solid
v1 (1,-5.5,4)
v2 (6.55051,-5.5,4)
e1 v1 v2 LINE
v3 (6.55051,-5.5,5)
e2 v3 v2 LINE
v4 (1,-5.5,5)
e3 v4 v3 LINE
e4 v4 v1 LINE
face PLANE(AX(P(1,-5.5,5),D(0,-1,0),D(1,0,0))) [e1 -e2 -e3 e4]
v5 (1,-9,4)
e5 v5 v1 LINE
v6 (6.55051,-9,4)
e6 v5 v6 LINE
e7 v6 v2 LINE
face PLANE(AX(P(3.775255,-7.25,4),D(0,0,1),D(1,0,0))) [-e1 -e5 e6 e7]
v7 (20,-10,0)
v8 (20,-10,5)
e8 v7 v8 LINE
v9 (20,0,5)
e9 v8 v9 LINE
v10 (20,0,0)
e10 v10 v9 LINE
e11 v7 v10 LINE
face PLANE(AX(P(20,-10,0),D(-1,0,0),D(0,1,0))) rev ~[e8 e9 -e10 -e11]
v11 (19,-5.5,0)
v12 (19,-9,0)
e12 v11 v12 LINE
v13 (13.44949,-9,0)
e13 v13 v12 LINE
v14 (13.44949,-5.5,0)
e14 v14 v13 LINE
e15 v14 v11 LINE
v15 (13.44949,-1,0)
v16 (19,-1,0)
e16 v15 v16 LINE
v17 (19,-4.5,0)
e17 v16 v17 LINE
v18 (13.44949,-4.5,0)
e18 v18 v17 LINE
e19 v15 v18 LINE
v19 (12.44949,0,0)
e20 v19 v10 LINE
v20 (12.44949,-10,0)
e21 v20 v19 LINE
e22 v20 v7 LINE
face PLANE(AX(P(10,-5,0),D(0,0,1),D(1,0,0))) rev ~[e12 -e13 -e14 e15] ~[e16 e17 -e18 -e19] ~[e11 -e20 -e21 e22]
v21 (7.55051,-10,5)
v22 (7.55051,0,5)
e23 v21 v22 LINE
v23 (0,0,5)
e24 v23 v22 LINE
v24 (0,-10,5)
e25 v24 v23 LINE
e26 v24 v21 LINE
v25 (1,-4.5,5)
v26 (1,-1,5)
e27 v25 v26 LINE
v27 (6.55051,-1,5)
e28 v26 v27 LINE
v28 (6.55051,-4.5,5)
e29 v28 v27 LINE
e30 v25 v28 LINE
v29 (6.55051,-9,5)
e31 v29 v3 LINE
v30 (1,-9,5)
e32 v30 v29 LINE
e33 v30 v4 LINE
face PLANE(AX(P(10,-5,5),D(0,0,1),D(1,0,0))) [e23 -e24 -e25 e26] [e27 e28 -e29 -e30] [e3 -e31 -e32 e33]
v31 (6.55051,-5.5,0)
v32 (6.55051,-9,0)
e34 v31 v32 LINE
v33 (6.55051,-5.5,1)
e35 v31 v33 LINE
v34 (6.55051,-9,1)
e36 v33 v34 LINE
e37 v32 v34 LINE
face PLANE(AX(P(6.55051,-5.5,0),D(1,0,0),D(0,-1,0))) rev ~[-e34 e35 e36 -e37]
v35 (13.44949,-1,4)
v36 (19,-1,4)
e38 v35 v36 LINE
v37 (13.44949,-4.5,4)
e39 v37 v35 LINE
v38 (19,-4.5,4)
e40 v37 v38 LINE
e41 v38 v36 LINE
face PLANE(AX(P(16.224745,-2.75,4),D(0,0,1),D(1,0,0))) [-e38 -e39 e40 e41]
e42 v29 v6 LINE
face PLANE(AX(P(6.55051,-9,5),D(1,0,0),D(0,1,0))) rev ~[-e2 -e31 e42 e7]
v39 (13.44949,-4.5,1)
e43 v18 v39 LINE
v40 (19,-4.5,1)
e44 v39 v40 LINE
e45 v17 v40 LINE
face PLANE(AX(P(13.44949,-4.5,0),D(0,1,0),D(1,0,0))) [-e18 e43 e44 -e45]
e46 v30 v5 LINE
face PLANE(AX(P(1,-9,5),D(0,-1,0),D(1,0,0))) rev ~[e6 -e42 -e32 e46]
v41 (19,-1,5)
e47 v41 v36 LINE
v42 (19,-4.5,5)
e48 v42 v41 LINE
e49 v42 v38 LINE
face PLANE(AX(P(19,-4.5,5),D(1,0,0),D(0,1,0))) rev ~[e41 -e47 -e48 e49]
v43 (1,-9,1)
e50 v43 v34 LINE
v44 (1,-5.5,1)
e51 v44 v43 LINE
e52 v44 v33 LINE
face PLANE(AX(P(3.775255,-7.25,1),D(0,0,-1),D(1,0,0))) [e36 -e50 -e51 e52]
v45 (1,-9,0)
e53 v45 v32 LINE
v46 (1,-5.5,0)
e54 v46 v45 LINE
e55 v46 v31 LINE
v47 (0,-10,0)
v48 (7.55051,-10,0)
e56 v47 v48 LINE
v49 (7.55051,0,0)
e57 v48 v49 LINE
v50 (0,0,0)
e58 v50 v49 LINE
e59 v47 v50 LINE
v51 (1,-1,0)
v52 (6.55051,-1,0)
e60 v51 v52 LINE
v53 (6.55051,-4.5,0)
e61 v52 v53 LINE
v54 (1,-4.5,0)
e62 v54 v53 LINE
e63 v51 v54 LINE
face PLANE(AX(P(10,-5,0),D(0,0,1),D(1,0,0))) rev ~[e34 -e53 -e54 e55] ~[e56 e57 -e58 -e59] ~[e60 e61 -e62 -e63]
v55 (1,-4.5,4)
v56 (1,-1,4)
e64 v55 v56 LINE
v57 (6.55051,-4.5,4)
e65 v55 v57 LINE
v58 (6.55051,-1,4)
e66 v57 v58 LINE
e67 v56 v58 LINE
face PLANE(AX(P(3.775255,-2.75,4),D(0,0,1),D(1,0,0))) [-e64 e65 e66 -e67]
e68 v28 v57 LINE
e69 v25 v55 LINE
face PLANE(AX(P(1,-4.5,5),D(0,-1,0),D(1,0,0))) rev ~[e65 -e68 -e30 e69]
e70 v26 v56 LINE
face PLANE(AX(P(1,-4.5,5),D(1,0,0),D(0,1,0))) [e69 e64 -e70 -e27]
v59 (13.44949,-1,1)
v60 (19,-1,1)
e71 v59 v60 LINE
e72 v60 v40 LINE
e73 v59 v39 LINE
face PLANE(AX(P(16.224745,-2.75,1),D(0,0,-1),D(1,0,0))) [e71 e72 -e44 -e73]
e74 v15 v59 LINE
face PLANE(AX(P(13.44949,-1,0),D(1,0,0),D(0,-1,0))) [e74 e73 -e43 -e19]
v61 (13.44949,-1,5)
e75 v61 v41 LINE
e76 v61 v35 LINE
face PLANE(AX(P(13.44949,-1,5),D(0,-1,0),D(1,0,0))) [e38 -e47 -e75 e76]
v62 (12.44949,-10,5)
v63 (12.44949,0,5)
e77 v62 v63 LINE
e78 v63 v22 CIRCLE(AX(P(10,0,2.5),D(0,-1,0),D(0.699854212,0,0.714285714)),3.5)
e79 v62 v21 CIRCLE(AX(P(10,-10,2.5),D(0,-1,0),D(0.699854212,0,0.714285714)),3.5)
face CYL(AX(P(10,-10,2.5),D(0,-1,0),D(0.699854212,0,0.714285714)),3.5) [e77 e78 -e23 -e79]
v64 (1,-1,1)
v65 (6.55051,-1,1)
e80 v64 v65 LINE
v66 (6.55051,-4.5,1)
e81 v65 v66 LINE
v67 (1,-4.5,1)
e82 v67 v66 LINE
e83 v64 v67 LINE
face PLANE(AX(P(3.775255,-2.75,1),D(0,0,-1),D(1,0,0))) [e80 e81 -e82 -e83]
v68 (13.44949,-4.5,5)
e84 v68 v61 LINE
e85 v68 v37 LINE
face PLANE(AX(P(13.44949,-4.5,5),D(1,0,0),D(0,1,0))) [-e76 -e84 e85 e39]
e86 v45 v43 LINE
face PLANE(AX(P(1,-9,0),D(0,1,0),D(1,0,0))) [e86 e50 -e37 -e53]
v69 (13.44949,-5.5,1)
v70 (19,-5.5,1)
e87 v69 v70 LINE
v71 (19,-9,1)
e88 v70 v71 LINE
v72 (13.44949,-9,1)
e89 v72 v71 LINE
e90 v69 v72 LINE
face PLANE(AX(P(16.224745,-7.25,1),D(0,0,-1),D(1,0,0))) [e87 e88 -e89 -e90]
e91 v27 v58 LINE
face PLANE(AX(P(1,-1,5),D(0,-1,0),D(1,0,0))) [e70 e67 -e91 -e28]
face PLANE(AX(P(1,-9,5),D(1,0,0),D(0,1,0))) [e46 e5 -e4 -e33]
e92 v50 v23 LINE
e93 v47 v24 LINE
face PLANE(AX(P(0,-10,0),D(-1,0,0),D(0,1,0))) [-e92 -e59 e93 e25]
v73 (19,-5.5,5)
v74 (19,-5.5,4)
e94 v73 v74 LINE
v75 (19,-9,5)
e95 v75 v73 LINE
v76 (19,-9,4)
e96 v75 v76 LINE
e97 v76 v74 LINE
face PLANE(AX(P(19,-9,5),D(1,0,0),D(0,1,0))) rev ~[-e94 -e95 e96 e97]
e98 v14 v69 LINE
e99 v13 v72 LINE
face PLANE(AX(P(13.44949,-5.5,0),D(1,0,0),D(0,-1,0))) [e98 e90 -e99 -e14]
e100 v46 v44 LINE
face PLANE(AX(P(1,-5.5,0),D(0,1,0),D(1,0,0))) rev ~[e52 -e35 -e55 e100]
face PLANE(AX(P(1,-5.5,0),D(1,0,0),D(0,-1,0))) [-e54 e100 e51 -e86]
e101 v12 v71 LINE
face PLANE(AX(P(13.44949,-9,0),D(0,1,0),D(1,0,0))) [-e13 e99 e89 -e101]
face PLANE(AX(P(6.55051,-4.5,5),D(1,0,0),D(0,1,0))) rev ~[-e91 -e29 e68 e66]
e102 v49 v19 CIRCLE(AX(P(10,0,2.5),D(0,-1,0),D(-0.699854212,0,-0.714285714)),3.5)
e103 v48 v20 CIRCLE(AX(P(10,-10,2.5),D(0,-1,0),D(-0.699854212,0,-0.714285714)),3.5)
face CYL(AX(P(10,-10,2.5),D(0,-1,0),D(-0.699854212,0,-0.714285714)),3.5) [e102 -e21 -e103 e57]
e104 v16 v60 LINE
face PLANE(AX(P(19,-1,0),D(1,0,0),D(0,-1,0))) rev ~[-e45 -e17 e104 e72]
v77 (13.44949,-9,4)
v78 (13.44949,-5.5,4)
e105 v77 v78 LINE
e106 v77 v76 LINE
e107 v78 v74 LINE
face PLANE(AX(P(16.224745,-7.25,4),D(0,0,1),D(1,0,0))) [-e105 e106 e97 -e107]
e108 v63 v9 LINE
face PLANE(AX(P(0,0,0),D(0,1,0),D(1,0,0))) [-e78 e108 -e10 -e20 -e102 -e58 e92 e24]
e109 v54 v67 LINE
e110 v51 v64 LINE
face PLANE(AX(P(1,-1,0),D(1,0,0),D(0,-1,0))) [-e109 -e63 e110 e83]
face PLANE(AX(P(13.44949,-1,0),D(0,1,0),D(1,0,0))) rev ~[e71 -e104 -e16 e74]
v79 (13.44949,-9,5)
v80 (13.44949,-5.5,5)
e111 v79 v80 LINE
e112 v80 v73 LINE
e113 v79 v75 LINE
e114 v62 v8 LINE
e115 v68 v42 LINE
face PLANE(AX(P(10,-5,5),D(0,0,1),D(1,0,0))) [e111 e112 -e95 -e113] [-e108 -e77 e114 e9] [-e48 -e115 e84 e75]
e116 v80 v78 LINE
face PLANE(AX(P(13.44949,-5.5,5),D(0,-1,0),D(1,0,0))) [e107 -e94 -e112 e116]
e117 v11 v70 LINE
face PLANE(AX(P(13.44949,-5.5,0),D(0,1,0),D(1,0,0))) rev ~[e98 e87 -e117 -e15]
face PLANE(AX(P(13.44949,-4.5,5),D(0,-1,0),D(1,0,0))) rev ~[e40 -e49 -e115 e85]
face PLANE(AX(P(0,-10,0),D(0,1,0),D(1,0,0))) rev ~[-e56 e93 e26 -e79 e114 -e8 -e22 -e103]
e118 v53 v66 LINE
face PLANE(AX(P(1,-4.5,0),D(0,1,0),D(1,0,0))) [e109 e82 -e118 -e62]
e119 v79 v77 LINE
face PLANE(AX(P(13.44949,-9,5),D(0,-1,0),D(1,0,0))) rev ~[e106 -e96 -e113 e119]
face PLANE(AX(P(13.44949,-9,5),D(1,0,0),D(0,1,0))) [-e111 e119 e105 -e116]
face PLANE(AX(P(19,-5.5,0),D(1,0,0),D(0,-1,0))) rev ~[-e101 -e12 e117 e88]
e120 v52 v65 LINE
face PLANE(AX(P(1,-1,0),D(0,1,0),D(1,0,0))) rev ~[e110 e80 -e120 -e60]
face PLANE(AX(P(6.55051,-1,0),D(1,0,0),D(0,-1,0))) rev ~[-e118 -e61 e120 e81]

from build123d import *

# Parameters (mm, degrees)
F0_W     = 20
F0_H     = 10
F1_DEPTH = 5
F3_DEPTH = 10
F4_W     = 5.5505102572
F4_H     = 3.5
F5_DEPTH = 1
F6_W     = 5.5505102572
F6_H     = 3.5
F7_DEPTH = 1


with BuildPart() as f1:
    # F0 (on Top) → F1 (new body)
    with BuildSketch(Plane.XY):
        with Locations((10, -5)):
            Rectangle(F0_W, F0_H)
    extrude(amount=F1_DEPTH)

    # F2 (on face) → F3 (join)
    with BuildSketch(Plane.XZ.offset(10)):
        with BuildLine():
            Line((7.5505102572, 5), (12.4494897428, 5))
            ThreePointArc((12.4494897428, 5), (10, 6), (7.5505102572, 5))
        make_face()
        with BuildLine():
            ThreePointArc((7.5505102572, 0), (10, -1), (12.4494897428, 0))
            Line((12.4494897428, 0), (7.5505102572, 0))
        make_face()
    extrude(amount=-F3_DEPTH)

    # F4 (on face) → F5 (cut)
    with BuildSketch(Plane.XY.offset(5)):
        with Locations((3.7752551286, -2.75)):
            Rectangle(F4_W, F4_H)
        with Locations((3.7752551286, -7.25)):
            Rectangle(F4_W, F4_H)
        with Locations((16.2247448714, -2.75)):
            Rectangle(F4_W, F4_H)
        with Locations((16.2247448714, -7.25)):
            Rectangle(F4_W, F4_H)
    extrude(amount=-F5_DEPTH, mode=Mode.SUBTRACT)

    # F6 (on face) → F7 (cut)
    with BuildSketch(Plane(origin=(0, 0, 0), x_dir=(1, 0, 0), z_dir=(0, 0, -1))):
        with Locations((3.7752551286, 7.25)):
            Rectangle(F6_W, F6_H)
        with Locations((16.2247448714, 7.25)):
            Rectangle(F6_W, F6_H)
        with Locations((16.2247448714, 2.75)):
            Rectangle(F6_W, F6_H)
        with Locations((3.7752551286, 2.75)):
            Rectangle(F6_W, F6_H)
    extrude(amount=-F7_DEPTH, mode=Mode.SUBTRACT)


solid = f1.part
